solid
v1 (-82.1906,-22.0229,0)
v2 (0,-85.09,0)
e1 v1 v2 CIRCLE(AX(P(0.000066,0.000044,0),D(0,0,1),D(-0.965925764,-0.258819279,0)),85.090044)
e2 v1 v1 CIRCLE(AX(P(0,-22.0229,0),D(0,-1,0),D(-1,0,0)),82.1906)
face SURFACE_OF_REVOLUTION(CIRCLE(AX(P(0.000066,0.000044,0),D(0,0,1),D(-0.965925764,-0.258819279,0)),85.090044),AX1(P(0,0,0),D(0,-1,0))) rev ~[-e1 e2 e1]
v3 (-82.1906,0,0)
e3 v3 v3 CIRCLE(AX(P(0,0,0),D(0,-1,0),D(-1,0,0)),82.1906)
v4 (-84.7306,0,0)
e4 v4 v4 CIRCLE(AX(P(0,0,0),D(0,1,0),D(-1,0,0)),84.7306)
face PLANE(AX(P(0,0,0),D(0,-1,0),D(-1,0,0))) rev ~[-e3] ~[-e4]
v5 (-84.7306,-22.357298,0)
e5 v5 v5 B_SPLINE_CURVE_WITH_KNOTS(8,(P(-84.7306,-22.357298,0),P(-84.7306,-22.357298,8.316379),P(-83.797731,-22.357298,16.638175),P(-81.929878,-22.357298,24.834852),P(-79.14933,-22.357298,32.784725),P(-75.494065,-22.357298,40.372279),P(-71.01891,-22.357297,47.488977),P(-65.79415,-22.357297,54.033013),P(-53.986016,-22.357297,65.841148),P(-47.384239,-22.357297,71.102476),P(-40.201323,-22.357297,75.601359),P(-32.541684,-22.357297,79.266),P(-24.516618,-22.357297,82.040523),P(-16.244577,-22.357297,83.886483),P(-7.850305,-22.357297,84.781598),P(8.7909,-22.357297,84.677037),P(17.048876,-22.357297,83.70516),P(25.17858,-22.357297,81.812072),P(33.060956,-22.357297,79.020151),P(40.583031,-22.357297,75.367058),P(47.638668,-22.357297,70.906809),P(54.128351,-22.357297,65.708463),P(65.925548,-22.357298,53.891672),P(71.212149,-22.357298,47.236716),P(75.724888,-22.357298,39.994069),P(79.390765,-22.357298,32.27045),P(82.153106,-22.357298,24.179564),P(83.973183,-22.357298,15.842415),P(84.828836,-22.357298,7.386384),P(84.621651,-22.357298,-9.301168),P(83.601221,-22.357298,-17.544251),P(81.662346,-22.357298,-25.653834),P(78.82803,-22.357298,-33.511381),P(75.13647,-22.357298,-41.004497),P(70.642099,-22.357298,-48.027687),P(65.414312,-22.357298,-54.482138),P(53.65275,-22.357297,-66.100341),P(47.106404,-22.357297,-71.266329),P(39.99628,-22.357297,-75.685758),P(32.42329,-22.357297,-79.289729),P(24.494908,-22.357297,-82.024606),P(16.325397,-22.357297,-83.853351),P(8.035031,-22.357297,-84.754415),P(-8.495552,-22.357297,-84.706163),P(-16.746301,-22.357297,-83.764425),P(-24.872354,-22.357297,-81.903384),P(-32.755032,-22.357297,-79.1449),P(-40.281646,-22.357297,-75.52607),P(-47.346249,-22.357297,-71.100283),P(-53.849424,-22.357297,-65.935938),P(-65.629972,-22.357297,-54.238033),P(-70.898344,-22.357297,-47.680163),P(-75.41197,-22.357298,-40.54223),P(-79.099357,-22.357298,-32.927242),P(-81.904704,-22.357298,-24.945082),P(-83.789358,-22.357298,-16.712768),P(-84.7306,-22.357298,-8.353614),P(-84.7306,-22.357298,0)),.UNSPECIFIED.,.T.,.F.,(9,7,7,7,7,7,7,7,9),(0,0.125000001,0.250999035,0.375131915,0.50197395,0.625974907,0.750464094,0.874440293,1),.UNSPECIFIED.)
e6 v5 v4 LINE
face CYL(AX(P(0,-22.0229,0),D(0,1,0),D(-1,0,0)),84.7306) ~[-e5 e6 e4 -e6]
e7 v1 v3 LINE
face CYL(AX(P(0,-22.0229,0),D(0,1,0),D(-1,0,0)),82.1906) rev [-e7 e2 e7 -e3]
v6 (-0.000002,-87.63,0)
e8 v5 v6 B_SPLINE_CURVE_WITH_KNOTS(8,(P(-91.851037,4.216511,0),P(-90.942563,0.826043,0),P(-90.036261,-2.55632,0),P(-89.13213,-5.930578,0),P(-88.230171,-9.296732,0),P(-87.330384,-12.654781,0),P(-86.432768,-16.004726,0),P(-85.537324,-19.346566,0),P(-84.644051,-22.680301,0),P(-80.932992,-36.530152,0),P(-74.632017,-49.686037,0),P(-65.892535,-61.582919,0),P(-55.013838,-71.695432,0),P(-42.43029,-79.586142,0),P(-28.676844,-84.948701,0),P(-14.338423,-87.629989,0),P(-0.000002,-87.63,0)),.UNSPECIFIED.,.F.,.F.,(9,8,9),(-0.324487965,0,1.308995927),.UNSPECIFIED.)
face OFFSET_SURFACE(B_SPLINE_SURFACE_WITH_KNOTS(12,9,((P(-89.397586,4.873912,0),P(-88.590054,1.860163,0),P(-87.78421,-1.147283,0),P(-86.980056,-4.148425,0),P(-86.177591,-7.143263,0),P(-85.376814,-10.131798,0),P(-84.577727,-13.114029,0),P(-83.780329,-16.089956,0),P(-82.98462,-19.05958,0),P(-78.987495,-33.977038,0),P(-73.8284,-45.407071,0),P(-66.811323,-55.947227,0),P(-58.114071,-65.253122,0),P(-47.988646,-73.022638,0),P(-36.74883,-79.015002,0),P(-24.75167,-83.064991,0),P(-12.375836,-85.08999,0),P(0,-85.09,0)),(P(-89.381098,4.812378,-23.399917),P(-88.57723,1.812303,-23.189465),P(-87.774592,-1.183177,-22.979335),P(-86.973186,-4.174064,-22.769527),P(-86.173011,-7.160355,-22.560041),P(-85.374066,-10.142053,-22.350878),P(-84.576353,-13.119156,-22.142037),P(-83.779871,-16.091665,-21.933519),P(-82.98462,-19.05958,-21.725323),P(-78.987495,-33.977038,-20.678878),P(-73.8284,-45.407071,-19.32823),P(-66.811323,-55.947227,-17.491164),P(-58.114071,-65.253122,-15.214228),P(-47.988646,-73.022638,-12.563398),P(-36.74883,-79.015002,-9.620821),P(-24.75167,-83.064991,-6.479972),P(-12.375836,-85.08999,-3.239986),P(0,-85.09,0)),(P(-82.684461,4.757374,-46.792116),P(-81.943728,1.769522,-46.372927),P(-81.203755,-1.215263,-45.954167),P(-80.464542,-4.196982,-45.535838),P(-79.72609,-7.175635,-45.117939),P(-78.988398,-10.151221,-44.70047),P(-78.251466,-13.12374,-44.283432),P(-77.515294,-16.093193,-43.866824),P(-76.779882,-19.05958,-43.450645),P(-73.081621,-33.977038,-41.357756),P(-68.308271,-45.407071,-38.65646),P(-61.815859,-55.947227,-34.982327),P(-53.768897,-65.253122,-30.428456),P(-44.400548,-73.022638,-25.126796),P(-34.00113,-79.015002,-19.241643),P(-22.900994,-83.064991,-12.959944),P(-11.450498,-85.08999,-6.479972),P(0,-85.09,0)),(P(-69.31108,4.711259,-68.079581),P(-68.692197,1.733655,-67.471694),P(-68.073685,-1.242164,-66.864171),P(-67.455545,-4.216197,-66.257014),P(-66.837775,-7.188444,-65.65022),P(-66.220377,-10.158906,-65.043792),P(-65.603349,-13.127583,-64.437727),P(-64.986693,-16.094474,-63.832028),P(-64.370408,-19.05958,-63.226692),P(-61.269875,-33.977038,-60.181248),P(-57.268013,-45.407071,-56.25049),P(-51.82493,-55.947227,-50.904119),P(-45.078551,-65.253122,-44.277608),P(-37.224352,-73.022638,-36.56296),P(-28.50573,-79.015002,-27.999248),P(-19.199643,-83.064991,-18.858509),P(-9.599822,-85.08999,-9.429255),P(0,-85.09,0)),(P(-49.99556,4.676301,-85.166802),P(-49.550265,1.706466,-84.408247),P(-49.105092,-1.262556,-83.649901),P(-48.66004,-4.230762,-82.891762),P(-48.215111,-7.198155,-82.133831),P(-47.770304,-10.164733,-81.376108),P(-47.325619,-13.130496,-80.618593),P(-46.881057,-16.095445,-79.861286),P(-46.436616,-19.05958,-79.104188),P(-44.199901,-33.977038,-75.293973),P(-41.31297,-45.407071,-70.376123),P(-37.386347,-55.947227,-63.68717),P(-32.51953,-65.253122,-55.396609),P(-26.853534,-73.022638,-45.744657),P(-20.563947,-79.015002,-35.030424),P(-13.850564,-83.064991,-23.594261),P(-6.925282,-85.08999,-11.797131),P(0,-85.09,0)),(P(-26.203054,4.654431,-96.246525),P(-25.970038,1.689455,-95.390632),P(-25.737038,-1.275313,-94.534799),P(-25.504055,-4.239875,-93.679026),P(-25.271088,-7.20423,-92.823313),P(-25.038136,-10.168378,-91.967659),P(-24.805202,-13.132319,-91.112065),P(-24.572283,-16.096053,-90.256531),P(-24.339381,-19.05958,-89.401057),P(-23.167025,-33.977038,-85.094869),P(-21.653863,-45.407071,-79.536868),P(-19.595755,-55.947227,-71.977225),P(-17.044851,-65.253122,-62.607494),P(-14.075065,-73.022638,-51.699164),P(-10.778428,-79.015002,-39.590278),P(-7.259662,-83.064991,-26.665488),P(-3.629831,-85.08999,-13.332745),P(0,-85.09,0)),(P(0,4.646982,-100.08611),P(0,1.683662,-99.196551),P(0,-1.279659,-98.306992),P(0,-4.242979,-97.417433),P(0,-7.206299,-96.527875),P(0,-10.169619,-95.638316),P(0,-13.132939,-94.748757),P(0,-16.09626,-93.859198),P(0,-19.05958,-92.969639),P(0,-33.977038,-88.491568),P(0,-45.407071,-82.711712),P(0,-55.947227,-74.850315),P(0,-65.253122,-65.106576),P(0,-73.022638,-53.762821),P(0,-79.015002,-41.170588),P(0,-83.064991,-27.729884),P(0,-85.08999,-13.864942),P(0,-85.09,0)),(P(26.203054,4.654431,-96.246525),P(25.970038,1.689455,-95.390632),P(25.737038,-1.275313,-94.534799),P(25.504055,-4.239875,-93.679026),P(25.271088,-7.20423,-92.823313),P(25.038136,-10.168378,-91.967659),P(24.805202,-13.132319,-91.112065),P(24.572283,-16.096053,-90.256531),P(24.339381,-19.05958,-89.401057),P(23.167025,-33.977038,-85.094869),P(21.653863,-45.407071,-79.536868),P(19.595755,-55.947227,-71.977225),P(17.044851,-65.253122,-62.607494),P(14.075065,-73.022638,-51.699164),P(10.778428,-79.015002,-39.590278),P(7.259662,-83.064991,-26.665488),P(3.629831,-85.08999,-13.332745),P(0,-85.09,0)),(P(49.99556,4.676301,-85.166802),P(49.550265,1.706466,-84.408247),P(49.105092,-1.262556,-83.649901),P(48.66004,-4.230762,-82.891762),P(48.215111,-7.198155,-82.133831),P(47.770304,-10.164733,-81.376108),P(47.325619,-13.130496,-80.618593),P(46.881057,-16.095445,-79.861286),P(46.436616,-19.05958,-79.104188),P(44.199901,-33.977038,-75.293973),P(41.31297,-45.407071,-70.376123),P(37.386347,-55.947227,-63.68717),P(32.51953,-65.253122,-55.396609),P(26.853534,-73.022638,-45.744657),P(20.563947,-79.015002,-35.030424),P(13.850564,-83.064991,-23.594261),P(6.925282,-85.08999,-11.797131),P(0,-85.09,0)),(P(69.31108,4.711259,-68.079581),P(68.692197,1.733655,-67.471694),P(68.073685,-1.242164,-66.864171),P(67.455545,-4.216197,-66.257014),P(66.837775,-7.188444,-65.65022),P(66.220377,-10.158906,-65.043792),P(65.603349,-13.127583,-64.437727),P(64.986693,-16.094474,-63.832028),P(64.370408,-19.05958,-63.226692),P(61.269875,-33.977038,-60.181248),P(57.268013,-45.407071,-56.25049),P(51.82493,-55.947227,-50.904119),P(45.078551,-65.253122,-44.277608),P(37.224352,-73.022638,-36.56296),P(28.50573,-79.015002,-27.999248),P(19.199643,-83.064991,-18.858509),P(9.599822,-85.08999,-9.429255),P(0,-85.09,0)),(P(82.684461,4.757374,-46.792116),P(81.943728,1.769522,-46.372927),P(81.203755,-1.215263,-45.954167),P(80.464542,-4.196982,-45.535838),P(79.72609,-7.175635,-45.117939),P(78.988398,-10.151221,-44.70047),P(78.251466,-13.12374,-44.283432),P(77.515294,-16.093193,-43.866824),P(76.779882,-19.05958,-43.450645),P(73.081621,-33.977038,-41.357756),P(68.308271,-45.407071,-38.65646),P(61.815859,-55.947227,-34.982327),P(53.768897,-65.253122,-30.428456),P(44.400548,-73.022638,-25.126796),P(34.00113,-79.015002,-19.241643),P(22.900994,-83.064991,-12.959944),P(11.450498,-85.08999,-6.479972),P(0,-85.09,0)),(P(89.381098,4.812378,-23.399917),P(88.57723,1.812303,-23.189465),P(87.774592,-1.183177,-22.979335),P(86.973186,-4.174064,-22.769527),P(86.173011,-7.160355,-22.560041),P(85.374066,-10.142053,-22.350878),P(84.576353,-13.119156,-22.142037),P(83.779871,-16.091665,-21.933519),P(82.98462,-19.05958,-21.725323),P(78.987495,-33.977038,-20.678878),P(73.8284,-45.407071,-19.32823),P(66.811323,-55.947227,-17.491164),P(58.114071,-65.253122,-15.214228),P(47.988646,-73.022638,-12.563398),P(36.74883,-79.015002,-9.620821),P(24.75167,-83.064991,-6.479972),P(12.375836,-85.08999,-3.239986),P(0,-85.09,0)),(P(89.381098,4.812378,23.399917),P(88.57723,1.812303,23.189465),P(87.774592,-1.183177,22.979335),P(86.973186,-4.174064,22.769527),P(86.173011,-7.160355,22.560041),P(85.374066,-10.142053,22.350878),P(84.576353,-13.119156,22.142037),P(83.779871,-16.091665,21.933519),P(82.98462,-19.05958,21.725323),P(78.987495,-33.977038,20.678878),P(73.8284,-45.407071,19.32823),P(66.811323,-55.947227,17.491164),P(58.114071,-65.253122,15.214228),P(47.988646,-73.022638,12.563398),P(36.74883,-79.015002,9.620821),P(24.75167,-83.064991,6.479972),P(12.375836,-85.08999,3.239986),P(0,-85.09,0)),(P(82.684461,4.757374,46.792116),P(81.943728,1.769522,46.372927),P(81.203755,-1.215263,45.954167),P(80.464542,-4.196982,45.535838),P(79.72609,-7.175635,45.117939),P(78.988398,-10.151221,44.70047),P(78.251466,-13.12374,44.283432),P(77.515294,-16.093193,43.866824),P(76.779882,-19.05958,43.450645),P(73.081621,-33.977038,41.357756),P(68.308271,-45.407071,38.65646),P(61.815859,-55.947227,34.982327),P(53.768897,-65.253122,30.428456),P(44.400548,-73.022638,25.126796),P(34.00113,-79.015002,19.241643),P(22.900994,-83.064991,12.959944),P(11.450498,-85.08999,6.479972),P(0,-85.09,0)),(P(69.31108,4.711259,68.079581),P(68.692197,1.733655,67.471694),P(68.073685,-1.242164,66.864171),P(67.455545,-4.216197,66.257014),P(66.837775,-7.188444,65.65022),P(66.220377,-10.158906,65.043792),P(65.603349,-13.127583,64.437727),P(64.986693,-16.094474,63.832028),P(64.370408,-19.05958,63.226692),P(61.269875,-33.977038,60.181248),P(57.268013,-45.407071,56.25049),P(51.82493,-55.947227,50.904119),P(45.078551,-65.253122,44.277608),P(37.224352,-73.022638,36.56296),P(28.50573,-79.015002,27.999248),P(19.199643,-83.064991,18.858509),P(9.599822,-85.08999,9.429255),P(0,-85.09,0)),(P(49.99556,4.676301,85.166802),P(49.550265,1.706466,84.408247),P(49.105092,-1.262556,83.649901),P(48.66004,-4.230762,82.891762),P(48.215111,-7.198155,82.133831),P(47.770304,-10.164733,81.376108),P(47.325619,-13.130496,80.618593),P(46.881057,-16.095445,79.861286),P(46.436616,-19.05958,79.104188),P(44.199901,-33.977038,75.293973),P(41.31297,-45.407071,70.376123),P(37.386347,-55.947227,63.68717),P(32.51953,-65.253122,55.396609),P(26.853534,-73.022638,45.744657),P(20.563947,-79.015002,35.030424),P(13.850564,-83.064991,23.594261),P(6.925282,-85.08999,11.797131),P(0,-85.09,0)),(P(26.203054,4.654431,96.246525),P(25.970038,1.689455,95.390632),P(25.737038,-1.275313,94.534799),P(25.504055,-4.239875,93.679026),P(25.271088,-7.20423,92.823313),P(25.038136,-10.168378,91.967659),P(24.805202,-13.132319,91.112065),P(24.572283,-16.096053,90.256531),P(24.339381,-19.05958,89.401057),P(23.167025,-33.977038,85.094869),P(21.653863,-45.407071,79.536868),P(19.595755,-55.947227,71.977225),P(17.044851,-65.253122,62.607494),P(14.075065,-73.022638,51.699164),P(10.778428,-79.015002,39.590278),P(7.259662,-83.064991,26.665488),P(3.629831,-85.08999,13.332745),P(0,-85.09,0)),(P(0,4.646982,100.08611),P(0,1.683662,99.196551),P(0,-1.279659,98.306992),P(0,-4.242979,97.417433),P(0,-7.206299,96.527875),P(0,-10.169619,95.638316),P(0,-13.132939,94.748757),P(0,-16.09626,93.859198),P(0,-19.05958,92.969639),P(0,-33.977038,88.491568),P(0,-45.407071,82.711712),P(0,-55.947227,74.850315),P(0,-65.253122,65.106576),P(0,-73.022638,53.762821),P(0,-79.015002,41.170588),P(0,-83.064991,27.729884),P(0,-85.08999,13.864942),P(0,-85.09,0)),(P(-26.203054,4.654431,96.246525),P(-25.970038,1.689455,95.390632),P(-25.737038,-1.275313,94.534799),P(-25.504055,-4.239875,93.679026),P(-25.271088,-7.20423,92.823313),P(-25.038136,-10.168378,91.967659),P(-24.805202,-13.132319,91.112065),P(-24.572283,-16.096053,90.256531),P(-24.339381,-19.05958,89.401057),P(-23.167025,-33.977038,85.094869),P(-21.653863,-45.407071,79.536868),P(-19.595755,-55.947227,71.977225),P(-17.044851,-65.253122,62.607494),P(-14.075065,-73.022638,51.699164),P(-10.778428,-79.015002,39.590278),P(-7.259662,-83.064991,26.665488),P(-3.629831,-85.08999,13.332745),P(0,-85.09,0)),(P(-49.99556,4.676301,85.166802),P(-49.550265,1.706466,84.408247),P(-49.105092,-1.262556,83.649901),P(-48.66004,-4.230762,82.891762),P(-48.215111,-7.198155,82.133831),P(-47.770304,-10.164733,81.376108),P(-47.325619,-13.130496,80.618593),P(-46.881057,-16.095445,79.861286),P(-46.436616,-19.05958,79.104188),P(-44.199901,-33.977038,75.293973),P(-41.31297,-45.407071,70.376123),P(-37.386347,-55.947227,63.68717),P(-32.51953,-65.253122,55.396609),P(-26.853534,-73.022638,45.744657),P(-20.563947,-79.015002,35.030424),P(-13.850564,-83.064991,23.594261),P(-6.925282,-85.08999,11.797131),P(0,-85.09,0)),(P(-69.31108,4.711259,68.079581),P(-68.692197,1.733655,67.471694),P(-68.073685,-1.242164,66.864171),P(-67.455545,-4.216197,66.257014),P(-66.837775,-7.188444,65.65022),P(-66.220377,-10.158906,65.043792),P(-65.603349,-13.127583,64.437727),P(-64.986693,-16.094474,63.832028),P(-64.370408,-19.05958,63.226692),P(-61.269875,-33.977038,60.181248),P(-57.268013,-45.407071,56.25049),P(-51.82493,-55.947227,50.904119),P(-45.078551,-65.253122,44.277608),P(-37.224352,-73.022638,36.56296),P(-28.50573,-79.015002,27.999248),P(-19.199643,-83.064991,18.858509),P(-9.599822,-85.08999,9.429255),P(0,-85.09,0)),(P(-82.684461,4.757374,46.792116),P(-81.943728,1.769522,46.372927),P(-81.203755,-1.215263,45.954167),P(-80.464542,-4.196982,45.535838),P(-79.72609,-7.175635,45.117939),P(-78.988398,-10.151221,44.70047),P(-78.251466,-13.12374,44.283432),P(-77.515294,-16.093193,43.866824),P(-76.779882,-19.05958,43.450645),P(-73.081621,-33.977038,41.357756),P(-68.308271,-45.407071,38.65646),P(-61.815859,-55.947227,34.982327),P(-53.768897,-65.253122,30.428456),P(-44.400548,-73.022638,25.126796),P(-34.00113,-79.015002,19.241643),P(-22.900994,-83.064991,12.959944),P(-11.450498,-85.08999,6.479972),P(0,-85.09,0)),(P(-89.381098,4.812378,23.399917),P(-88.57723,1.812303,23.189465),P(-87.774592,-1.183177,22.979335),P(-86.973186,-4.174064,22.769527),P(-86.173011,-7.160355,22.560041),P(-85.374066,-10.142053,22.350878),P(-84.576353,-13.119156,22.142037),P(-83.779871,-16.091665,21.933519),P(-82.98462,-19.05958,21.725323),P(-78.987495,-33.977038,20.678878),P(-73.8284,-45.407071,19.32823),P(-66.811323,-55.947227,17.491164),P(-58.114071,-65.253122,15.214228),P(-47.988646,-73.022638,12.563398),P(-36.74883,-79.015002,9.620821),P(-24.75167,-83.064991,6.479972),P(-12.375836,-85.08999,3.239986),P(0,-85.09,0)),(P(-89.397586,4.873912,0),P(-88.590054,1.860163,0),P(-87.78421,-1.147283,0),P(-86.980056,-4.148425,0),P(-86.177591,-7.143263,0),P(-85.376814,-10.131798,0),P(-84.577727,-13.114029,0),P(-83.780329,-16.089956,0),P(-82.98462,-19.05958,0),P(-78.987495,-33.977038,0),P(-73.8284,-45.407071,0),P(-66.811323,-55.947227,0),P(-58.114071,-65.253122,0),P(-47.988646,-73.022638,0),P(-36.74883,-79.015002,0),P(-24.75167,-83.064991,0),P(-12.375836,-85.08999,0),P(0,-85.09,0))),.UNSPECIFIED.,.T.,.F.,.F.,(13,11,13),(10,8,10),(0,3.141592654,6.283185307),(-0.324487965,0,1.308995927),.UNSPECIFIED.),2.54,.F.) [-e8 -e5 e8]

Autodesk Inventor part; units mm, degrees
ref_plane "YZ Plane" through (0, 0, 0) normal (1, 0, 0) x (0, 1, 0)
ref_plane "XZ Plane" through (0, 0, 0) normal (0, 1, 0) x (-1, 0, 0)
ref_plane "XY Plane" through (0, 0, 0) normal (0, 0, 1) x (1, 0, 0)
sketch "Sketch1" plane through (0, 0, 0) normal (0, 0, 1) x (1, 0, 0)
  arc A0 (-82.1906, -22.0229) -> (0, -85.09) centre (0, 0) ccw
  line L0 (0, 0) -> (-82.1906, -22.0229) construction
  line L1 (0, 0) -> (0, -85.09) construction
  line L2 (-82.1906, -22.0229) -> (-82.1906, 0)
  line L3 (-82.1906, 0) -> (0, 0)
  line L4 (0, -85.09) -> (0, 0)
  dimension "d0" = 85.09
  dimension "d2" = 75
revolve "Revolution1" add sketch "Sketch1" angle 360 about axis through (0, 0, 0) along (0, -1, 0)
shell "Shell1" thickness 2.54 outward yes removed faces 1 at (10.8076, 0, -35.4243)
properties part number "bottom_shell_v2"
